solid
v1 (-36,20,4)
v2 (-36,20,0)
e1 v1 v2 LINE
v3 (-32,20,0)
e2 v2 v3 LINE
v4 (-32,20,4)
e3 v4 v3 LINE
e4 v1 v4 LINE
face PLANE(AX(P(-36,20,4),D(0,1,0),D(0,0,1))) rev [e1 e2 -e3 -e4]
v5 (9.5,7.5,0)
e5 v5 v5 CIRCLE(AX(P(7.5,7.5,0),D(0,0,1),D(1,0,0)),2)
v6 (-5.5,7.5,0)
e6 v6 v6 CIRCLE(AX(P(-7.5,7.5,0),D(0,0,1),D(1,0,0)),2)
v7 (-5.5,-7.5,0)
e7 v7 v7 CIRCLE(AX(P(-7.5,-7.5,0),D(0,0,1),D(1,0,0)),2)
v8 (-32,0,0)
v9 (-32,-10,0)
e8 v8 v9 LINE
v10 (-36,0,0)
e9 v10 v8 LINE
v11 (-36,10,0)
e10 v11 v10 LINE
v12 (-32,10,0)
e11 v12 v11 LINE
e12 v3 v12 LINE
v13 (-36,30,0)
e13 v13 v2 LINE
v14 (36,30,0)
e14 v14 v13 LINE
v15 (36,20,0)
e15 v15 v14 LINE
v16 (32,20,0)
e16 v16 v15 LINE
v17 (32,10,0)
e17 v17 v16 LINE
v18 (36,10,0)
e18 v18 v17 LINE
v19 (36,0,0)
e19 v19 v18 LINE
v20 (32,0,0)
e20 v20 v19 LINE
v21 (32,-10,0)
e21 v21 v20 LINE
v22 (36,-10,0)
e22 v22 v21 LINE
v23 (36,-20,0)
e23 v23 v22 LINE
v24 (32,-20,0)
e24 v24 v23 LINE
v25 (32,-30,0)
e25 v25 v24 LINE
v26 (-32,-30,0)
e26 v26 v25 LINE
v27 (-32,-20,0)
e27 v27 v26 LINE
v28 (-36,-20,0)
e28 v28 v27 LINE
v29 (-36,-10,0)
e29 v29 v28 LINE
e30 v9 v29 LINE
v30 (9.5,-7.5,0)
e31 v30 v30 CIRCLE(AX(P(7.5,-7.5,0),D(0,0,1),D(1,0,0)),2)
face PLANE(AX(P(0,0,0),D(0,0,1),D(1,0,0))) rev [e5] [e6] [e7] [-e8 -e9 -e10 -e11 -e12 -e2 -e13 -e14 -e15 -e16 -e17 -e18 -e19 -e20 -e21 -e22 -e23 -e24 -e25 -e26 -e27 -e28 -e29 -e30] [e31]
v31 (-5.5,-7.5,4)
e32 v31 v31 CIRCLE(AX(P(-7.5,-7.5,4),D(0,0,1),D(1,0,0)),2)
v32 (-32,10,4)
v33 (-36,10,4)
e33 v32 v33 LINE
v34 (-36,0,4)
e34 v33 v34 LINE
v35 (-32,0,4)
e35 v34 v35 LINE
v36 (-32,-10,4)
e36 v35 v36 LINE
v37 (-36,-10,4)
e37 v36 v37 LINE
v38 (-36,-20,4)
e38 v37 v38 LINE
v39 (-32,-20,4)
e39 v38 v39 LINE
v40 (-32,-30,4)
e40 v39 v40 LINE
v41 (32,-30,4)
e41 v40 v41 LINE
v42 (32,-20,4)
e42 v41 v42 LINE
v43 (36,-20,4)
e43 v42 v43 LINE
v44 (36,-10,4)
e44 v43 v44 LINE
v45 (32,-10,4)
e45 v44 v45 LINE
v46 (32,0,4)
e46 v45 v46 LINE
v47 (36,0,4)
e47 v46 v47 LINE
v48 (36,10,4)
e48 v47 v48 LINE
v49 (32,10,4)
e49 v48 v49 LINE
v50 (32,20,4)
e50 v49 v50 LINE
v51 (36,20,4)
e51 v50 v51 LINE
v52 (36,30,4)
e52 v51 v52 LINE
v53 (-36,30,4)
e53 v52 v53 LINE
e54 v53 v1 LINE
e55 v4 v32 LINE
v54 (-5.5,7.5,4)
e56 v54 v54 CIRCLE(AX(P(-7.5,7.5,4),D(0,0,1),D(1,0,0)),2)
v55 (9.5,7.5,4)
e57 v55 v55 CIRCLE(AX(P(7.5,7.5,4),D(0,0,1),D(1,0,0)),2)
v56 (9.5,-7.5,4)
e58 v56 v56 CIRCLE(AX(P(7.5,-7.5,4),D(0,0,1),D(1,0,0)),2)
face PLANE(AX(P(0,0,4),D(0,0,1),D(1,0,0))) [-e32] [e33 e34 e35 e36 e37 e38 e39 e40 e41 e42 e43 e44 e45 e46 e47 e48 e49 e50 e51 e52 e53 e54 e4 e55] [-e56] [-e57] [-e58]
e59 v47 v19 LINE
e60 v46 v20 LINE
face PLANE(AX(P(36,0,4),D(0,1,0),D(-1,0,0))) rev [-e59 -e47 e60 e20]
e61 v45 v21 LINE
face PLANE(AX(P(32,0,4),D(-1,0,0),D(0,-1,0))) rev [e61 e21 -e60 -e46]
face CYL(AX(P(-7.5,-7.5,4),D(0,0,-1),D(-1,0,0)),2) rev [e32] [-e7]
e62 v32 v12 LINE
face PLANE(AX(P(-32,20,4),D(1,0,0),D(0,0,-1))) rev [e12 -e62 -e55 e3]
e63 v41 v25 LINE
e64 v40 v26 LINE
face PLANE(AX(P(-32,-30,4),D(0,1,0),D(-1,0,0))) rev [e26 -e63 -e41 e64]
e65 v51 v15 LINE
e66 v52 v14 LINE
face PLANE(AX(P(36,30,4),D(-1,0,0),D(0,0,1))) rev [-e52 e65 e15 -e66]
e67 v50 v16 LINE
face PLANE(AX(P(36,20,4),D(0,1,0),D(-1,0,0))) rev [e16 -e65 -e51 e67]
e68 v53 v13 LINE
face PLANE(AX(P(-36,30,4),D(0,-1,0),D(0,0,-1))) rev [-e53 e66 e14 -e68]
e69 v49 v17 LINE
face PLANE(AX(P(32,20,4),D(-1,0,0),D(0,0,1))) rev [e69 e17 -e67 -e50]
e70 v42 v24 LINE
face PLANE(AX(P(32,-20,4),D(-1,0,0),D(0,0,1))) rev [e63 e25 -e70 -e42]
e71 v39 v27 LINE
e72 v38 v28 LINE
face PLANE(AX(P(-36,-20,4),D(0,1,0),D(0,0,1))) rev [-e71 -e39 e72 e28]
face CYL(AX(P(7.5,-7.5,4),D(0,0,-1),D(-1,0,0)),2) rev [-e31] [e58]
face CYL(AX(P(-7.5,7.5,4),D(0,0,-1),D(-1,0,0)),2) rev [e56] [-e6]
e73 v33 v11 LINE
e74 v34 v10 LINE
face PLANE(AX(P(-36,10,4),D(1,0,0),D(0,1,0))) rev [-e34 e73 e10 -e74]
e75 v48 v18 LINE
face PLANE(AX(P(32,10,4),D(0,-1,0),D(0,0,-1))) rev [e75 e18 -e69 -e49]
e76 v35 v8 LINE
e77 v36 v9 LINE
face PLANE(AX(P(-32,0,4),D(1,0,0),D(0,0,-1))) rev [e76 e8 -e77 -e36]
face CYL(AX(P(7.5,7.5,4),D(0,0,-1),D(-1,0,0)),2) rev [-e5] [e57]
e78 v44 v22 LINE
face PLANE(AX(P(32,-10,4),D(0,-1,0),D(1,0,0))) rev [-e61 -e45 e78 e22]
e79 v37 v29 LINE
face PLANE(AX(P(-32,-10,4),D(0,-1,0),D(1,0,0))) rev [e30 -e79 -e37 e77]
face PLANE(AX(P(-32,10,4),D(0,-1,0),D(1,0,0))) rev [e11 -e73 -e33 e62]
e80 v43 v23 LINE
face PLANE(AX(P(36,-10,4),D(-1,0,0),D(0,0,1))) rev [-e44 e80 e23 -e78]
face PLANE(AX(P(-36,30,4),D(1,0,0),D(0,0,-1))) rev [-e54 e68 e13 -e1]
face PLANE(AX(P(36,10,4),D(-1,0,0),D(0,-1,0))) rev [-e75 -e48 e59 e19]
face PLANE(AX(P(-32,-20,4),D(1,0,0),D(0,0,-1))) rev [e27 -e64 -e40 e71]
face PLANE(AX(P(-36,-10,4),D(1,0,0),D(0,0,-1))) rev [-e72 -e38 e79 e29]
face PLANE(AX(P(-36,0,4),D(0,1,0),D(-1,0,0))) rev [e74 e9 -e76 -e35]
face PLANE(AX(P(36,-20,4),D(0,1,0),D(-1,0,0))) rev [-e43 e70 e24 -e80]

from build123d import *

# Parameters (mm, degrees)
SKETCH1_R           = 2
BOSS_EXTRUDE1_DEPTH = 4


with BuildPart() as part:
    # Sketch1 → Boss-Extrude1 (new body)
    with BuildSketch(Plane.XY):
        Polygon((36, 20), (32, 20), (32, 10), (36, 10), (36, 0), (32, 0), (32, -10), (36, -10), (36, -20), (32, -20), (32, -30), (-32, -30), (-32, -20), (-36, -20), (-36, -10), (-32, -10), (-32, 0), (-36, 0), (-36, 10), (-32, 10), (-32, 20), (-36, 20), (-36, 30), (36, 30), align=None)
        with Locations((-7.5, 7.5)):
            Circle(SKETCH1_R, mode=Mode.SUBTRACT)
        with Locations((-7.5, -7.5)):
            Circle(SKETCH1_R, mode=Mode.SUBTRACT)
        with Locations((7.5, -7.5)):
            Circle(SKETCH1_R, mode=Mode.SUBTRACT)
        with Locations((7.5, 7.5)):
            Circle(SKETCH1_R, mode=Mode.SUBTRACT)
    extrude(amount=BOSS_EXTRUDE1_DEPTH)


solid = part.part
